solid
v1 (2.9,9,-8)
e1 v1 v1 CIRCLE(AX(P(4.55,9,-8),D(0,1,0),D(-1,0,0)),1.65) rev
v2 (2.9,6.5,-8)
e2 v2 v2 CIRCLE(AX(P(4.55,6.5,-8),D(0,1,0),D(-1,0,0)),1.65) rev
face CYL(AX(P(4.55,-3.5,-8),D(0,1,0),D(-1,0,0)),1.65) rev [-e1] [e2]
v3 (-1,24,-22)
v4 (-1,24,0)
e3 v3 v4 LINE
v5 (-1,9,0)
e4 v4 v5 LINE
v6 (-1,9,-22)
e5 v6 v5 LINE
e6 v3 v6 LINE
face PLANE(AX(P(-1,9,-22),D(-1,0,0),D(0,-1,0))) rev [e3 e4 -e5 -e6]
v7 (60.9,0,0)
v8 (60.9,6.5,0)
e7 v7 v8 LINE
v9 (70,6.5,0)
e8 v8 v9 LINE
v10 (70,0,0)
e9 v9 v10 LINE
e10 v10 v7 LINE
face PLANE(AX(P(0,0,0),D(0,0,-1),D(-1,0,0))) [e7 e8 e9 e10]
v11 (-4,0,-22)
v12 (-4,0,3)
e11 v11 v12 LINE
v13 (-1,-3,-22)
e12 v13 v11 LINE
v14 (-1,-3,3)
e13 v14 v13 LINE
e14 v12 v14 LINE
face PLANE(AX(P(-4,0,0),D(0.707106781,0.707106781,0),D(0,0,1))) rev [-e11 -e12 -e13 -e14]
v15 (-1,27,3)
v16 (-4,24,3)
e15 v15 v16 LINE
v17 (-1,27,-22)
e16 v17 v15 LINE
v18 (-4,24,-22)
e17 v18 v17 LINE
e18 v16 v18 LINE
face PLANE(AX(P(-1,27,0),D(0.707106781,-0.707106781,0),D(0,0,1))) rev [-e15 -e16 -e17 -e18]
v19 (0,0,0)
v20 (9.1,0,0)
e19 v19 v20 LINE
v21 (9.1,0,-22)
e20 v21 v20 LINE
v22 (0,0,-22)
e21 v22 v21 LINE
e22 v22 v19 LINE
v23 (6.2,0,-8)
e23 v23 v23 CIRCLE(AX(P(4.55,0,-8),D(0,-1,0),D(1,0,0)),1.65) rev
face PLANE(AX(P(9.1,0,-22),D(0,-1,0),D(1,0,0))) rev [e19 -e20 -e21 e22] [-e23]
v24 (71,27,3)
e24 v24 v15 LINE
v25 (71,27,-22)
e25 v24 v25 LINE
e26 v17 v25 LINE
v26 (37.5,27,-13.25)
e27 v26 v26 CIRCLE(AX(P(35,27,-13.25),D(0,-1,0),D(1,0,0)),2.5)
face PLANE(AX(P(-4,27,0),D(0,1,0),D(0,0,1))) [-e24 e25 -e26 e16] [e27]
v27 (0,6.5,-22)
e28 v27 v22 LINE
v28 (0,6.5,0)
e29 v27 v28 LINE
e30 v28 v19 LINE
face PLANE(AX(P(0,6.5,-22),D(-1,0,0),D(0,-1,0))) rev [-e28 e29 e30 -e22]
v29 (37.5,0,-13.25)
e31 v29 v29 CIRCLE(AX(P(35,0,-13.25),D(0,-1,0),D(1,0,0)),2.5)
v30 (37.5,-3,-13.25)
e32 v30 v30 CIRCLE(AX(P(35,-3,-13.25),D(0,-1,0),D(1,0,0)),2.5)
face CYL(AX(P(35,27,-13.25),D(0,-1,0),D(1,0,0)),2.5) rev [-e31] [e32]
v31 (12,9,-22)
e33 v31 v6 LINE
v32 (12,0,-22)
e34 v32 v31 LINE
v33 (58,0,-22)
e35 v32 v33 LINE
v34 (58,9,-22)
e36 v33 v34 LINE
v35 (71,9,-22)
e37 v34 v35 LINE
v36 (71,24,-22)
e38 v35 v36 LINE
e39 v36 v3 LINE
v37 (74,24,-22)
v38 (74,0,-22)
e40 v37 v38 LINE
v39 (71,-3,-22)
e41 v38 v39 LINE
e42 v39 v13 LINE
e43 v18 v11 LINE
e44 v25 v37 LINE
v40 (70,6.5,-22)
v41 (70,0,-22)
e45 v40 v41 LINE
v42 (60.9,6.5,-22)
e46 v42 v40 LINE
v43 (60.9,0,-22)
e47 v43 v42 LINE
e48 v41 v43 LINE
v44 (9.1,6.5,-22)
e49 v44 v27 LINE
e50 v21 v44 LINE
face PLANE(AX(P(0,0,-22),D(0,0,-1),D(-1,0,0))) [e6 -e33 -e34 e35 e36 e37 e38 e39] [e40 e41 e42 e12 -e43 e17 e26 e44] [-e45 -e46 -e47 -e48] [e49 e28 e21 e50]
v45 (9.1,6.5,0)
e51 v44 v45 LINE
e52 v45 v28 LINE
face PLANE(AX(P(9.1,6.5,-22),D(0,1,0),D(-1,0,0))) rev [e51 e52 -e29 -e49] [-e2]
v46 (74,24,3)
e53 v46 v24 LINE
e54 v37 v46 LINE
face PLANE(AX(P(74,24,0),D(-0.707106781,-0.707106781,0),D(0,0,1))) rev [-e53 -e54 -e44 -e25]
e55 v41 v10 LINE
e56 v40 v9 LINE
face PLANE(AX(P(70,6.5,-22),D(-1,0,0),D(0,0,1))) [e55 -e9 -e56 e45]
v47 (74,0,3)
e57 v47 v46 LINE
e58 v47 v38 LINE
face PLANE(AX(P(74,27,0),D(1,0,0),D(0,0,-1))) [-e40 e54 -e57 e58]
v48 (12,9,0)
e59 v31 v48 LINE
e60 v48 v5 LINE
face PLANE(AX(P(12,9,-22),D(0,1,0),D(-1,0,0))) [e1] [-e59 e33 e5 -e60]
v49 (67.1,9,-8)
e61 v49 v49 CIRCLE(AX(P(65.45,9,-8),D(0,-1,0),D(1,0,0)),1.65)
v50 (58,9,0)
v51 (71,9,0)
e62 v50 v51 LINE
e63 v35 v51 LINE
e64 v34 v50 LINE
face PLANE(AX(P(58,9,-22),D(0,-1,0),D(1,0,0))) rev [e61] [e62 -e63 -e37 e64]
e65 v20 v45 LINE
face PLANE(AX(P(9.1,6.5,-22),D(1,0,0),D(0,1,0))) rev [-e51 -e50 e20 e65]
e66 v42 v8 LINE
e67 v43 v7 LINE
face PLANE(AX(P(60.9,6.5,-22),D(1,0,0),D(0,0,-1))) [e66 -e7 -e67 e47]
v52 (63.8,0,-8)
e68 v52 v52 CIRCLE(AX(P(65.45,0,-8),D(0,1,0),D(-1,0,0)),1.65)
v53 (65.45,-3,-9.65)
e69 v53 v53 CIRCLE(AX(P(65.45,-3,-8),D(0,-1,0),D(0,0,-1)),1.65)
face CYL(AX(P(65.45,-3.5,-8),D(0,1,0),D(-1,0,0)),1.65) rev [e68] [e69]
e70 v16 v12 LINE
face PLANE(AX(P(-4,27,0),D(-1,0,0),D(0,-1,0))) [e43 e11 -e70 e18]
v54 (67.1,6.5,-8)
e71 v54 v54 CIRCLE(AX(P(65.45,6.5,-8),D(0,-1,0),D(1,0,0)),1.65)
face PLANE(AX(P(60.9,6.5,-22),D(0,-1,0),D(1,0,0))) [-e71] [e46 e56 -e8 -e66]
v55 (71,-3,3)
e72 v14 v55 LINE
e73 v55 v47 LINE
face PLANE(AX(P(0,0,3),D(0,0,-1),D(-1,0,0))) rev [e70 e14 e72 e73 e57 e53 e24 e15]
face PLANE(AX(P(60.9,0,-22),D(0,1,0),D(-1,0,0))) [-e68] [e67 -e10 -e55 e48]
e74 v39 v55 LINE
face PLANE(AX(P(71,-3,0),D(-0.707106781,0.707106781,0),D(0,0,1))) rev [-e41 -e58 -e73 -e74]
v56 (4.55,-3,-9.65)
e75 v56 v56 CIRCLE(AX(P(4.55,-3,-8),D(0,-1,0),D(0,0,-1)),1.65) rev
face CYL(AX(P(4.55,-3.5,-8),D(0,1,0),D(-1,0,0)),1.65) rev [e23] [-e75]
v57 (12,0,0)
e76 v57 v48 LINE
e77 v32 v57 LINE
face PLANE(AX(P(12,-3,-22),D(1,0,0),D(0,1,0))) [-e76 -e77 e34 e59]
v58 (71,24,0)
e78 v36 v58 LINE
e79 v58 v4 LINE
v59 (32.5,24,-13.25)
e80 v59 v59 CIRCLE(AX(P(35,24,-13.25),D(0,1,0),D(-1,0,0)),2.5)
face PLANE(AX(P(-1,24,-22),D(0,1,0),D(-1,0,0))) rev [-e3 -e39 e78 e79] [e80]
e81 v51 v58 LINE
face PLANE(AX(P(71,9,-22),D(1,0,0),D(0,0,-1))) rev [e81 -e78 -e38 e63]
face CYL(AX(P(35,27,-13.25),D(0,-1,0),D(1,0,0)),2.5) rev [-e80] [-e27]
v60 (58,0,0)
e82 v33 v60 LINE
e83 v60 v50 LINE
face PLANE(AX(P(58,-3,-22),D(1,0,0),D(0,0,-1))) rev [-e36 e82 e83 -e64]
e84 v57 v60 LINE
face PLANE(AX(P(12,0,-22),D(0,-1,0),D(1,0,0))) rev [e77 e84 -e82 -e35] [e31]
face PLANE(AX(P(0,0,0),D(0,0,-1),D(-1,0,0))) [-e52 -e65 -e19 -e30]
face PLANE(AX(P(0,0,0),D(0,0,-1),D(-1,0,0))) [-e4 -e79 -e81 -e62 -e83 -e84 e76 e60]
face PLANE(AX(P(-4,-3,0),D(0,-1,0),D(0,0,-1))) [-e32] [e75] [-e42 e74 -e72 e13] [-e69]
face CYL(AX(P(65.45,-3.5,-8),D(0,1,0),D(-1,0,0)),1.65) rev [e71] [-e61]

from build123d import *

# Parameters (mm, degrees)
SKETCH_1_W               = 70
SKETCH_1_H               = 20
EXTRUDE_1_DEPTH          = 3
SKETCH_2_W               = 78
SKETCH_2_H               = 30
EXTRUDE_2_DEPTH          = 3
SKETCH_4_W               = 16
SKETCH_4_H               = 12
SKETCH_4_W_2             = 9.1
SKETCH_4_H_2             = 6.5
EXTRUDE_3_DEPTH          = 22
SKETCH_5_W               = 46
SKETCH_5_H               = 3
EXTRUDE_4_DEPTH          = 22
EXTRUDE_5_DEPTH          = 22
CHAMFER_1_SIZE           = 3
CUT_EXTRUDE_1_DEPTH      = 82.786306922
CUT_EXTRUDE_1_DEPTH_BACK = 82.786306922
SKETCH_10_R              = 2.5
SKETCH_11_R              = 1.65
CUT_EXTRUDE_2_DEPTH      = 10


with BuildPart() as part:
    # 草图1 → 凸台-拉伸1 (new body)
    with BuildSketch(Plane.XY):
        with Locations((35, 10)):
            Rectangle(SKETCH_1_W, SKETCH_1_H)
    extrude(amount=EXTRUDE_1_DEPTH)

    # 草图2 → 凸台-拉伸2 (add)
    with BuildSketch(Plane.XY.offset(3)):
        with Locations((35, 12)):
            Rectangle(SKETCH_2_W, SKETCH_2_H)
    extrude(amount=-EXTRUDE_2_DEPTH)

    # 草图4 → 凸台-拉伸3 (add)
    with BuildSketch(Plane(origin=(0, 0, 0), x_dir=(-1, 0, 0), z_dir=(0, 0, -1))):
        with Locations((-66, 3)):
            Rectangle(SKETCH_4_W, SKETCH_4_H)
        with Locations((-65.45, 3.25)):
            Rectangle(SKETCH_4_W_2, SKETCH_4_H_2, mode=Mode.SUBTRACT)
    extrude_3 = extrude(amount=EXTRUDE_3_DEPTH)

    # 镜向1: 凸台-拉伸3 across plane
    add(extrude_3.mirror(Plane(origin=(35, 0, 0), x_dir=(0, 0, 1), z_dir=(1, 0, 0))))

    # 草图5 → 凸台-拉伸4 (add)
    with BuildSketch(Plane(origin=(0, 0, 0), x_dir=(-1, 0, 0), z_dir=(0, 0, -1))):
        with Locations((-35, -1.5)):
            Rectangle(SKETCH_5_W, SKETCH_5_H)
    extrude(amount=EXTRUDE_4_DEPTH)

    # 草图6 → 凸台-拉伸5 (add)
    with BuildSketch(Plane(origin=(0, 0, 0), x_dir=(-1, 0, 0), z_dir=(0, 0, -1))):
        Polygon((4, 27), (-74, 27), (-74, 24), (-74, 9), (-71, 9), (-71, 24), (1, 24), (1, 9), (4, 9), (4, 24), align=None)
    extrude(amount=EXTRUDE_5_DEPTH)

    # 倒角1
    chamfer_1_edges = [part.edges().sort_by_distance(p)[0] for p in [
        (-4, -3, -9.5),
        (-4, 27, -9.5),
        (74, 27, -9.5),
        (74, -3, -9.5),
    ]]
    chamfer(chamfer_1_edges, length=CHAMFER_1_SIZE)

    # 草图10 → 切除-拉伸1 (cut, two sides: drawn at the far end of the back side and taken through both)
    with BuildSketch(Plane.XZ.offset(-24).offset(-CUT_EXTRUDE_1_DEPTH_BACK)):
        with Locations((35, -13.25)):
            Circle(SKETCH_10_R)
    extrude(amount=CUT_EXTRUDE_1_DEPTH + CUT_EXTRUDE_1_DEPTH_BACK, mode=Mode.SUBTRACT)

    # 草图11 → 切除-拉伸2 (cut, symmetric)
    with BuildSketch(Plane.XZ.offset(-6.5)):
        with Locations(Location((4.55, -8, 0), (0, 0, 180))):
            Circle(SKETCH_11_R)
    cut_extrude_2 = extrude(amount=CUT_EXTRUDE_2_DEPTH, both=True, mode=Mode.SUBTRACT)

    # 镜向2: 切除-拉伸2 across plane
    add(cut_extrude_2.mirror(Plane(origin=(35, 0, 0), x_dir=(0, 0, 1), z_dir=(1, 0, 0))), mode=Mode.SUBTRACT)


solid = part.part
